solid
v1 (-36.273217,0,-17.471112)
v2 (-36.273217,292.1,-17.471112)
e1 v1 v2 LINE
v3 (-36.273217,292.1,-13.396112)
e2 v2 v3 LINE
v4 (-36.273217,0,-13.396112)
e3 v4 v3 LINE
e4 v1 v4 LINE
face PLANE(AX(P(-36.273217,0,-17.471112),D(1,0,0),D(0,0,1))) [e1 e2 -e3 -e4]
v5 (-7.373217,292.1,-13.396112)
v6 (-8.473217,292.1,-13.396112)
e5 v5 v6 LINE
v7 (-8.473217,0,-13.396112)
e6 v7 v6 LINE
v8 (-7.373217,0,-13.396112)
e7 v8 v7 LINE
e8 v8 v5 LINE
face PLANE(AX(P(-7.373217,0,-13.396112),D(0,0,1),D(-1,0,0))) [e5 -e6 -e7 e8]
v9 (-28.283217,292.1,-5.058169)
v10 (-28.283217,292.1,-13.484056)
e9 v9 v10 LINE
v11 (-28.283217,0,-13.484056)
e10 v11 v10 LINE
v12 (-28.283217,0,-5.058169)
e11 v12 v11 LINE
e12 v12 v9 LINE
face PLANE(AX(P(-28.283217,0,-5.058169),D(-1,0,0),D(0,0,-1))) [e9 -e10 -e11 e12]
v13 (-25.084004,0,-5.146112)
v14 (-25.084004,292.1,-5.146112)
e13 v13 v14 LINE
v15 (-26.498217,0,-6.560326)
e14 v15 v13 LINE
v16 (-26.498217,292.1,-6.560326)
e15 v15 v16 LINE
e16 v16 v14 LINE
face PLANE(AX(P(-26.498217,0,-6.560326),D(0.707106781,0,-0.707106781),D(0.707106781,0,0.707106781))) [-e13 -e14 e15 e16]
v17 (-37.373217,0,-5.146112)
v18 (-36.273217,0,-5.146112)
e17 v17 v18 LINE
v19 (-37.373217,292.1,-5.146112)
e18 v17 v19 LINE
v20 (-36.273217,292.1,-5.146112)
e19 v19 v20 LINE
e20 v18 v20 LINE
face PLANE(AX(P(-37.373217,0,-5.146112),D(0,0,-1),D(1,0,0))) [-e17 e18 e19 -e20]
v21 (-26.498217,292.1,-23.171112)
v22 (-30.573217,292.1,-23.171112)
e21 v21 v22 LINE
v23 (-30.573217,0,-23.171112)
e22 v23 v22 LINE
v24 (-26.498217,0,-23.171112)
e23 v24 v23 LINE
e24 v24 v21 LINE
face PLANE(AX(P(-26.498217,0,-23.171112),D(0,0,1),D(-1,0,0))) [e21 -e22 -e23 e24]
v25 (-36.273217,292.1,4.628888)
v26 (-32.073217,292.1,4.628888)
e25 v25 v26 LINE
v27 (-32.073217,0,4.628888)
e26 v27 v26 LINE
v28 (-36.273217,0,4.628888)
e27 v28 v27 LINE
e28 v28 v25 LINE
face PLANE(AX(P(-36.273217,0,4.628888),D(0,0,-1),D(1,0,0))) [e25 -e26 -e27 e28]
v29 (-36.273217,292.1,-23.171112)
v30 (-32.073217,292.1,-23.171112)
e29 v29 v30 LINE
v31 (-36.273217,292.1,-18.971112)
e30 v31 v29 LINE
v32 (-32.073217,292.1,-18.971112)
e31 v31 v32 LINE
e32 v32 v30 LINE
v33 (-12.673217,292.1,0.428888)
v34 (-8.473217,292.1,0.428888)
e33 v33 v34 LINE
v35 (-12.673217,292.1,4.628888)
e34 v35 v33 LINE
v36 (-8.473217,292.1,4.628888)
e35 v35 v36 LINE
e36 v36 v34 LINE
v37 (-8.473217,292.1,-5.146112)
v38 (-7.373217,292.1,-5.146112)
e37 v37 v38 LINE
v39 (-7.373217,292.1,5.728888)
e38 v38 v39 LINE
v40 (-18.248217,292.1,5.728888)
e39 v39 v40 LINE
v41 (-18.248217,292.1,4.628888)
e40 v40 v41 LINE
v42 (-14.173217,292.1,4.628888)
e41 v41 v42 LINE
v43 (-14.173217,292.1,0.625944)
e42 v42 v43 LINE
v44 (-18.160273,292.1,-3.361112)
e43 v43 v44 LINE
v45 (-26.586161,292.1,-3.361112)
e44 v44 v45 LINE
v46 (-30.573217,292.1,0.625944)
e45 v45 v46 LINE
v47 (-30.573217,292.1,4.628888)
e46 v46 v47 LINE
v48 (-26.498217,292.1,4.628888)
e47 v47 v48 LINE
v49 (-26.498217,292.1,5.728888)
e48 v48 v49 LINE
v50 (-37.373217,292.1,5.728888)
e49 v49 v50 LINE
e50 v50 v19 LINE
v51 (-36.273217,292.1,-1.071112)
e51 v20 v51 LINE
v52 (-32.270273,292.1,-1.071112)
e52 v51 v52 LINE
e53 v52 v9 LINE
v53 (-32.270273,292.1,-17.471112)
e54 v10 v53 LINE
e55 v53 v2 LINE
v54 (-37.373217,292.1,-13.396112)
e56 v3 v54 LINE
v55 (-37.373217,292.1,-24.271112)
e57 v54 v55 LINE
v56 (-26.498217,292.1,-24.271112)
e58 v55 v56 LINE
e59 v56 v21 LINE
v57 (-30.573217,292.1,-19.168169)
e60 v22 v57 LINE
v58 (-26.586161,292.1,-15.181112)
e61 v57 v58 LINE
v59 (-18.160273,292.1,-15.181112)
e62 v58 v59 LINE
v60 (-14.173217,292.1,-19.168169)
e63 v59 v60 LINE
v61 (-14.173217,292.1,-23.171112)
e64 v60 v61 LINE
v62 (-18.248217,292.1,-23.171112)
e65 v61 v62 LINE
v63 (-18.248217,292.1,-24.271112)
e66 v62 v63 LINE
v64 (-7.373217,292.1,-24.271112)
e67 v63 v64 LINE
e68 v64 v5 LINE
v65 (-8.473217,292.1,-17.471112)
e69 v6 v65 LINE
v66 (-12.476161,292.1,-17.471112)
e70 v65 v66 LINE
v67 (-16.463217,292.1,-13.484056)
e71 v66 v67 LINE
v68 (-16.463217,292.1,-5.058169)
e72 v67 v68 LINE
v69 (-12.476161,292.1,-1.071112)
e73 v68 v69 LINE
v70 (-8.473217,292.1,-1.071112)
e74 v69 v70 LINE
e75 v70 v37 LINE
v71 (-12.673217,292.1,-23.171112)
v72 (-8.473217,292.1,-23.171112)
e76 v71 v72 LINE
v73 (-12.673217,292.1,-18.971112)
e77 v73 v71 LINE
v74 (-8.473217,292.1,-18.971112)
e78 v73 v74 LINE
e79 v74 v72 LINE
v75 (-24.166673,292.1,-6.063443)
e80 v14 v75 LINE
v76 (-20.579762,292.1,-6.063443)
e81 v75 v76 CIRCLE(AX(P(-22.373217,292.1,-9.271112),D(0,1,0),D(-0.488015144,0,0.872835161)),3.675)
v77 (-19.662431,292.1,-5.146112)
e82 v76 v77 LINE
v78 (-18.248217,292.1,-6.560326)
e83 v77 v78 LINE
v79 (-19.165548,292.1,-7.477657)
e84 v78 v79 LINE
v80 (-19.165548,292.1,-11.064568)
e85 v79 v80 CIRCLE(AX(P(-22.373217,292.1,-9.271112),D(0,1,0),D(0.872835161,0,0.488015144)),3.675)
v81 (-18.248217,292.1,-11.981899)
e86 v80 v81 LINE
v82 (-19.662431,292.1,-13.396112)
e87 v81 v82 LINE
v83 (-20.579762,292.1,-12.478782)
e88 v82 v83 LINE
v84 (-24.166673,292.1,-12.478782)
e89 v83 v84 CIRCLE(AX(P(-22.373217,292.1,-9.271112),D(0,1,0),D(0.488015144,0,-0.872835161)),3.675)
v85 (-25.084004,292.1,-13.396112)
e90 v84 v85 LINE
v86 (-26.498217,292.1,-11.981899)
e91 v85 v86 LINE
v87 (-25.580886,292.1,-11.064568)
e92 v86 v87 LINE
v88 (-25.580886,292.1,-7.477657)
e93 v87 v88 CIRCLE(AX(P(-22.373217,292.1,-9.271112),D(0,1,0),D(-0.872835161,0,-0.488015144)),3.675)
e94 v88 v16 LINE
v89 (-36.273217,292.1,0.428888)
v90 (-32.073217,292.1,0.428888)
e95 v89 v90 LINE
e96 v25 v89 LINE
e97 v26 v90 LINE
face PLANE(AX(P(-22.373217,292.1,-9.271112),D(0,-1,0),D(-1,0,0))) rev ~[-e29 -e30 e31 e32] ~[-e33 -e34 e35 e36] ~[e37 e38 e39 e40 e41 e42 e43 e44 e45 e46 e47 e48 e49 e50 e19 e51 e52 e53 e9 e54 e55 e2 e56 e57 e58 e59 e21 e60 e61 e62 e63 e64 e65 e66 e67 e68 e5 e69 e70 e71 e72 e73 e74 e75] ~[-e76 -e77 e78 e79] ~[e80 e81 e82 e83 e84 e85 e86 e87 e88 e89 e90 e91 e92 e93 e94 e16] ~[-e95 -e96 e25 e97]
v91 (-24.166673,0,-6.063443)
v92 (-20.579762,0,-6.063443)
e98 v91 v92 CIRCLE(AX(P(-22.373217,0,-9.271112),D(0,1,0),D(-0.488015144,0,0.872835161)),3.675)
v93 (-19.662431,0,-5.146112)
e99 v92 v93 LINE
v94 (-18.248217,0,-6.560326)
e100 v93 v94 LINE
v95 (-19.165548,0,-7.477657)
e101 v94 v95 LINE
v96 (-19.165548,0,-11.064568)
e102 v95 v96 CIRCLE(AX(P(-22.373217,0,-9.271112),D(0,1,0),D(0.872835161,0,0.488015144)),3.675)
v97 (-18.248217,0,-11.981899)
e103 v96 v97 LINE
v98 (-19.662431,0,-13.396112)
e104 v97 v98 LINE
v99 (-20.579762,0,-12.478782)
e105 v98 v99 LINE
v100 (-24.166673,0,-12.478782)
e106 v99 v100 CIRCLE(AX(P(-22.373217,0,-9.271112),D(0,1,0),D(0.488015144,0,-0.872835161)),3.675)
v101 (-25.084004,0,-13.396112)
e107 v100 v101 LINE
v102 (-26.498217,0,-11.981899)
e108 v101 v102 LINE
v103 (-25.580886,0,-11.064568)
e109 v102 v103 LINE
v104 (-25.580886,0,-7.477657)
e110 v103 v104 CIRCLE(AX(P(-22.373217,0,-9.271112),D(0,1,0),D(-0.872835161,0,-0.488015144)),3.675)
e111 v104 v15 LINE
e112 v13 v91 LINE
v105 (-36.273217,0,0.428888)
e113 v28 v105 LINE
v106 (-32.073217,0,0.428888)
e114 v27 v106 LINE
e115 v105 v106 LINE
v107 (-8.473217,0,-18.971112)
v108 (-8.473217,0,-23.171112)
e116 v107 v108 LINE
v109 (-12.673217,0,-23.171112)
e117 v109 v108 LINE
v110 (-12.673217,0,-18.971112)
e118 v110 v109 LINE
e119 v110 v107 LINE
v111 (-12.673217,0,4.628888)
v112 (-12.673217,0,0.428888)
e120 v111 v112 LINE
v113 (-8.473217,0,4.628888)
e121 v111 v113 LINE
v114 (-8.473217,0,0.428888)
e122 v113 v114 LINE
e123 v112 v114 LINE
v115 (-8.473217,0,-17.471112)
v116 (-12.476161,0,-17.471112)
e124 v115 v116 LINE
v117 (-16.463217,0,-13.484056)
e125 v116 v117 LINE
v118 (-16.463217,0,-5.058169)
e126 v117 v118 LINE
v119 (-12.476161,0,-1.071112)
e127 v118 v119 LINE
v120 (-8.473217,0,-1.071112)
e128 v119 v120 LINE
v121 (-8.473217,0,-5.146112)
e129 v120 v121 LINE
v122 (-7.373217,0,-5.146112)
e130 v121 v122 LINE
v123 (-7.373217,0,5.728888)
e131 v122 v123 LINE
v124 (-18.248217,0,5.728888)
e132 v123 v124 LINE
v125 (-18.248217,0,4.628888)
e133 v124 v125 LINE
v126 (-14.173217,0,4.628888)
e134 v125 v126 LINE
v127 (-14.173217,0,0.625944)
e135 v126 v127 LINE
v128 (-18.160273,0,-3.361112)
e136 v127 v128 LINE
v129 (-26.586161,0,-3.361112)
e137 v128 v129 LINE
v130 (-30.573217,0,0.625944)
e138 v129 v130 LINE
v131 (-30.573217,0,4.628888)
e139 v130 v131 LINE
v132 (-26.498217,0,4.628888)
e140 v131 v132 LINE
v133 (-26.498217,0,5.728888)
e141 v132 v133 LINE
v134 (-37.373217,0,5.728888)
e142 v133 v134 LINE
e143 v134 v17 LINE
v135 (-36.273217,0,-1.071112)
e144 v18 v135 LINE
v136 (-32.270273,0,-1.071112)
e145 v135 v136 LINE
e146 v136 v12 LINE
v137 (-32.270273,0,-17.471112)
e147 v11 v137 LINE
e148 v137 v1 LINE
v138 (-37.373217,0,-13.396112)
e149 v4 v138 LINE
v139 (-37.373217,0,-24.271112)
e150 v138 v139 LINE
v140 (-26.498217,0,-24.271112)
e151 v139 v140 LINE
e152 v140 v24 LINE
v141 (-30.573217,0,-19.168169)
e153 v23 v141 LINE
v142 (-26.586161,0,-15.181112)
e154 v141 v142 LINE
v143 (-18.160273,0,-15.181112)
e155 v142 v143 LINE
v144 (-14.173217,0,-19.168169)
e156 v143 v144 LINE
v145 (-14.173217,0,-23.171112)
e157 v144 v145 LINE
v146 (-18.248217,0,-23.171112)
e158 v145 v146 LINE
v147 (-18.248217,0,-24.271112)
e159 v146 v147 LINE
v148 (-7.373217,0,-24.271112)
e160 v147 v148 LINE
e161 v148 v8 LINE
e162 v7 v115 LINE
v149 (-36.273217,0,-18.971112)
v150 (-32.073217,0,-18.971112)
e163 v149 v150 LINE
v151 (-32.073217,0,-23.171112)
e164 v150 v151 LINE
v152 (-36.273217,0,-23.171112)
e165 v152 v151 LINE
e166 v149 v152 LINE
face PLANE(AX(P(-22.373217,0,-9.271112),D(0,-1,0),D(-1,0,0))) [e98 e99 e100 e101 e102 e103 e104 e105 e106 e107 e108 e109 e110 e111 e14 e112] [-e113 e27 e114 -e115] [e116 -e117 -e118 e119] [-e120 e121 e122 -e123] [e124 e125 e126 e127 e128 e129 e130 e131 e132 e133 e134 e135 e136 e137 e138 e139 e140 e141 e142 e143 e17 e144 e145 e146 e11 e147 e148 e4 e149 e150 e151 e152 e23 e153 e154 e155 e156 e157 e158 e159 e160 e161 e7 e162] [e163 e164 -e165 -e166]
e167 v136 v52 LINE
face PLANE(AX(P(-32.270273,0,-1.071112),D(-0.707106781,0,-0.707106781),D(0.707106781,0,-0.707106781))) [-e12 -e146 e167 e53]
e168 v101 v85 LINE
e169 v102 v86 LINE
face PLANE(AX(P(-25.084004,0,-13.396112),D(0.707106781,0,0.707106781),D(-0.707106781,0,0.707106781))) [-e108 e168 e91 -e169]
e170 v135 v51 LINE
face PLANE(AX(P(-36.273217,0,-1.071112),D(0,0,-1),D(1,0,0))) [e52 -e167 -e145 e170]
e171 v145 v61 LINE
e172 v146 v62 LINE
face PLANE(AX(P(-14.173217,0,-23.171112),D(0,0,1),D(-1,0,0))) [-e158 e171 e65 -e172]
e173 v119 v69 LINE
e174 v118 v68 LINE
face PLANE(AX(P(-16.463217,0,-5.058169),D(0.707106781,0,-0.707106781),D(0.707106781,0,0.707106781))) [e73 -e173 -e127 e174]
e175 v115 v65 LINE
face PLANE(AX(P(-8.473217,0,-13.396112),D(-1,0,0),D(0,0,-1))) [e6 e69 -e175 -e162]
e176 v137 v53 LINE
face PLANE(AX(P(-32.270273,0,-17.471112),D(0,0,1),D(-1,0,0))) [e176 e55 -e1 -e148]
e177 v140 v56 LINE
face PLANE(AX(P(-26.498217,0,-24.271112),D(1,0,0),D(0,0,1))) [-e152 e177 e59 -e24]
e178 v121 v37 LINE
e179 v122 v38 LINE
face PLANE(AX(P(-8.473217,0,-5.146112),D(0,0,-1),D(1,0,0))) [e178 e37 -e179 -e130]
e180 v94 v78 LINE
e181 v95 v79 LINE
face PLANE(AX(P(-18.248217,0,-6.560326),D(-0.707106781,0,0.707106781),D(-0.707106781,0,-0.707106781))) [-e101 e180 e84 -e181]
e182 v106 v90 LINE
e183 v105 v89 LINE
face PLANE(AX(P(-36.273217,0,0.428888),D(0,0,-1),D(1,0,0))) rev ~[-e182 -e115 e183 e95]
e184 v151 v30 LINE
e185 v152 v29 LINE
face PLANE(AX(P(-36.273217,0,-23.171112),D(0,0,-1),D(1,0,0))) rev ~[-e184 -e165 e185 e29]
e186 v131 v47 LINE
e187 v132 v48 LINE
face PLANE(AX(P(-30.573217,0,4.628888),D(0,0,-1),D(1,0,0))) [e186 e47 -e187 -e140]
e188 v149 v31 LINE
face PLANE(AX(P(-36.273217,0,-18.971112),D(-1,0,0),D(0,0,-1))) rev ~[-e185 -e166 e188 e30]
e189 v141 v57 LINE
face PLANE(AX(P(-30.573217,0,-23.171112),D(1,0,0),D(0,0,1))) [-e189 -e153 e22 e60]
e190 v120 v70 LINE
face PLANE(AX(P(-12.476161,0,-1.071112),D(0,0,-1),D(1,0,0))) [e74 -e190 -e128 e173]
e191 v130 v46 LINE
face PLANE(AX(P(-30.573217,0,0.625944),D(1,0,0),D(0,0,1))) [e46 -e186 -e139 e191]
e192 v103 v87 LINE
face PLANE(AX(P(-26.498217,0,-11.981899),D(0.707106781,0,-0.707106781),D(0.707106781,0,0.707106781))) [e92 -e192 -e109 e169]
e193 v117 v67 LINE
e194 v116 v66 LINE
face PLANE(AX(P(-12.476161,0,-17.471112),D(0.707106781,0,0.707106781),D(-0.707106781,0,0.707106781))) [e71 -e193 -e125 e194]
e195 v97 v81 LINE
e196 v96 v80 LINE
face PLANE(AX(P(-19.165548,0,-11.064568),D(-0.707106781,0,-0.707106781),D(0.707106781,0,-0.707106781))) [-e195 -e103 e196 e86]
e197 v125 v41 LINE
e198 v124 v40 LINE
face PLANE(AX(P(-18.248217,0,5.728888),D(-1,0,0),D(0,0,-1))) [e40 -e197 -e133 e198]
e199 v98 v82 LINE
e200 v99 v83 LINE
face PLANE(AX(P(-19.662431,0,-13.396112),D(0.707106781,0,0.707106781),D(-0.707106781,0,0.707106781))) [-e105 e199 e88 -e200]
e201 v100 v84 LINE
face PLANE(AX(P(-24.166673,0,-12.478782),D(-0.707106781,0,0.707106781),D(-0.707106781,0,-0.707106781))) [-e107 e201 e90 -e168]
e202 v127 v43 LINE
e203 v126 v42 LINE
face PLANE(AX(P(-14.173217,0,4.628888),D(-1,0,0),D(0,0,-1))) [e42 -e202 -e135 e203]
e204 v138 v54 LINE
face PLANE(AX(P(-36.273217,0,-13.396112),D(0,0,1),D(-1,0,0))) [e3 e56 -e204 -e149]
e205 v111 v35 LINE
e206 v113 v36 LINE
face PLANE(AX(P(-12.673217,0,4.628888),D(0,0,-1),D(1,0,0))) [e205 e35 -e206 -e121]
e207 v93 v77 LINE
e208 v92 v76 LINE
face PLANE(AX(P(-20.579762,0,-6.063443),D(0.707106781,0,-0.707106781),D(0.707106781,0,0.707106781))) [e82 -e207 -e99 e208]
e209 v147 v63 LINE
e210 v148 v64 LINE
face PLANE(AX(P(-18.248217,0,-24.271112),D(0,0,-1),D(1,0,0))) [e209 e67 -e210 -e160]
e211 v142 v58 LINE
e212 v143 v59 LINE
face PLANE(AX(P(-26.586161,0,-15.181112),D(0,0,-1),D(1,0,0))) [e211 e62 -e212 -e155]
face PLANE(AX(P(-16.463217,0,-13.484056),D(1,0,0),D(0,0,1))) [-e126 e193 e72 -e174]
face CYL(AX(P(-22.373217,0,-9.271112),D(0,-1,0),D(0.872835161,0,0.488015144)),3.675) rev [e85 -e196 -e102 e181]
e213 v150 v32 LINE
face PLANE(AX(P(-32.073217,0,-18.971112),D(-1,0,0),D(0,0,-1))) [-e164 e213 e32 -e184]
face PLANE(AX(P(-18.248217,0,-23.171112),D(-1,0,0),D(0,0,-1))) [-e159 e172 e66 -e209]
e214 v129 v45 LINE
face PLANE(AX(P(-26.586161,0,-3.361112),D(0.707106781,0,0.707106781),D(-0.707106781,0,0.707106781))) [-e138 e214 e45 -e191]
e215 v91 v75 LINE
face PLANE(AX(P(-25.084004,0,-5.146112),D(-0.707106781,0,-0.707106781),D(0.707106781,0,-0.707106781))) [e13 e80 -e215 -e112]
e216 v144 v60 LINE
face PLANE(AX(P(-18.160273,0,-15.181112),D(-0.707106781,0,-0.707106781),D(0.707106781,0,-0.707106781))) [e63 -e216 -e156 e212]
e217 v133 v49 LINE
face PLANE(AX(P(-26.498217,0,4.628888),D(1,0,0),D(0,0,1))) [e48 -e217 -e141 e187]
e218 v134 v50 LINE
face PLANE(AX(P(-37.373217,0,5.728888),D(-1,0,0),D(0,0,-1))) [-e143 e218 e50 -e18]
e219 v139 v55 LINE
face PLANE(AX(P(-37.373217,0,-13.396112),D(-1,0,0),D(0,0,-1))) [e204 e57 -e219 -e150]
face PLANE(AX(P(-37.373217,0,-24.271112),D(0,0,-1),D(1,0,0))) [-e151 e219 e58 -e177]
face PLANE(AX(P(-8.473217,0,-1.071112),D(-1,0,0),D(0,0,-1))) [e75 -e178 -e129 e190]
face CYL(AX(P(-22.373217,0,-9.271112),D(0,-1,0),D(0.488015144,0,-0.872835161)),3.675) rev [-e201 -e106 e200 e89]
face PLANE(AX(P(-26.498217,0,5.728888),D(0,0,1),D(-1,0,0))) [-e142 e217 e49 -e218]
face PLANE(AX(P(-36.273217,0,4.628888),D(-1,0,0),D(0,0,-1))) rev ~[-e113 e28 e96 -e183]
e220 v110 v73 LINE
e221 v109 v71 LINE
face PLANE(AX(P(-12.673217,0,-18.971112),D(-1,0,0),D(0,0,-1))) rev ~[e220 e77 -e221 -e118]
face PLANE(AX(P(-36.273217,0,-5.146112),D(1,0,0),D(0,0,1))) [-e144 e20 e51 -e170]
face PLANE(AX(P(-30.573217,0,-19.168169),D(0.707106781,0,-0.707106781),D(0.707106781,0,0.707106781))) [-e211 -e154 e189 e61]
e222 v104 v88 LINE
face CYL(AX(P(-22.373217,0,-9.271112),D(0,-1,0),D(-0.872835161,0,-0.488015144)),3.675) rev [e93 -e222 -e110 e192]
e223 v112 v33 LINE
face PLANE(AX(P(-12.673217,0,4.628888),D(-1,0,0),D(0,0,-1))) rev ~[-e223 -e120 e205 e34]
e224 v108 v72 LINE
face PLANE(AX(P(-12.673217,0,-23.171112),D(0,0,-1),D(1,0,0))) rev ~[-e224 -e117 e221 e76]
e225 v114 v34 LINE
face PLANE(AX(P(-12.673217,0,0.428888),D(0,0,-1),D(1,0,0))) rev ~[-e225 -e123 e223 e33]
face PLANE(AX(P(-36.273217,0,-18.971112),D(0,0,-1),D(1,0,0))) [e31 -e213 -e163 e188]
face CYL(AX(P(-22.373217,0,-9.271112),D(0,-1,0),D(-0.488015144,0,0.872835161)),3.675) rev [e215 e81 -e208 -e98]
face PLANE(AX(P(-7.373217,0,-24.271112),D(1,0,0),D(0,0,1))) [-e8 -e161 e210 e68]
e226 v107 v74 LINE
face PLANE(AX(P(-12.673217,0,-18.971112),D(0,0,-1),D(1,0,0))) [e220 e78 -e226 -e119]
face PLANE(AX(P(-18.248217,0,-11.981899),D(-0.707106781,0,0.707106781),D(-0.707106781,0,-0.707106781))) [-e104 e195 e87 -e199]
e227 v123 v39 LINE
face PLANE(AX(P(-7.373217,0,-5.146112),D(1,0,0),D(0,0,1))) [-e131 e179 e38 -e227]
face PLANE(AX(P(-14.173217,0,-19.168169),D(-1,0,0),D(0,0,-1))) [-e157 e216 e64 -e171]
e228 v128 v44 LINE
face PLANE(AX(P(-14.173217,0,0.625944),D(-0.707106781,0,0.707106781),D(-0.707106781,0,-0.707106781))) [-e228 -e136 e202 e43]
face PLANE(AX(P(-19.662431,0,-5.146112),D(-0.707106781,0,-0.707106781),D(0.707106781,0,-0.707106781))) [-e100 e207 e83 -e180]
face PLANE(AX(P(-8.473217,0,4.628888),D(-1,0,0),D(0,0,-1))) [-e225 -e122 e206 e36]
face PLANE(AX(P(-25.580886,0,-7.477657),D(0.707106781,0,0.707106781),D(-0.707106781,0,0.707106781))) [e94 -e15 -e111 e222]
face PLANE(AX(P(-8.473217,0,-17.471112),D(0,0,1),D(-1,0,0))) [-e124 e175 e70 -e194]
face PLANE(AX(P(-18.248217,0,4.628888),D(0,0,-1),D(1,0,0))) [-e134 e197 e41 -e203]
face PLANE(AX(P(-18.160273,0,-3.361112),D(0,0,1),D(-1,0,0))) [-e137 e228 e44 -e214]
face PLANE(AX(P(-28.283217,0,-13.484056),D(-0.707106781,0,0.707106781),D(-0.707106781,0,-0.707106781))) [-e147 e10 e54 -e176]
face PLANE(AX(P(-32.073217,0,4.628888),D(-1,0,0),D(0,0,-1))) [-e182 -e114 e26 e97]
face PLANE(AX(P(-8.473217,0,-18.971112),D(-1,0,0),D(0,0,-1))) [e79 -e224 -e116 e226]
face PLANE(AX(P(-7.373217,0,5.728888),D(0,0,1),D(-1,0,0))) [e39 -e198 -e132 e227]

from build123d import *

# Parameters (mm, degrees)
CROQUIS2_W              = 4.2
CROQUIS2_H              = 4.2
SALIENTE_EXTRUIR1_DEPTH = 292.1


with BuildPart() as part:
    # Croquis2 → Saliente-Extruir1 (new body)
    with BuildSketch(Plane(origin=(0, 0, 0), x_dir=(1, 0, 0), z_dir=(0, 1, 0))):
        Polygon((-37.373217156, 24.271112291), (-26.498217156, 24.271112291), (-26.498217156, 23.171112291), (-30.573217156, 23.171112291), (-30.573217156, 19.168168566), (-26.586160881, 15.181112291), (-18.160273431, 15.181112291), (-14.173217156, 19.168168566), (-14.173217156, 23.171112291), (-18.248217156, 23.171112291), (-18.248217156, 24.271112291), (-7.373217156, 24.271112291), (-7.373217156, 13.396112291), (-8.473217156, 13.396112291), (-8.473217156, 17.471112291), (-12.476160881, 17.471112291), (-16.463217156, 13.484056016), (-16.463217156, 5.058168566), (-12.476160881, 1.071112291), (-8.473217156, 1.071112291), (-8.473217156, 5.146112291), (-7.373217156, 5.146112291), (-7.373217156, -5.728887709), (-18.248217156, -5.728887709), (-18.248217156, -4.628887709), (-14.173217156, -4.628887709), (-14.173217156, -0.625943984), (-18.160273431, 3.361112291), (-26.586160881, 3.361112291), (-30.573217156, -0.625943984), (-30.573217156, -4.628887709), (-26.498217156, -4.628887709), (-26.498217156, -5.728887709), (-37.373217156, -5.728887709), (-37.373217156, 5.146112291), (-36.273217156, 5.146112291), (-36.273217156, 1.071112291), (-32.270273431, 1.071112291), (-28.283217156, 5.058168566), (-28.283217156, 13.484056016), (-32.270273431, 17.471112291), (-36.273217156, 17.471112291), (-36.273217156, 13.396112291), (-37.373217156, 13.396112291), align=None)
        with Locations((-10.573217156, 21.071112291)):
            Rectangle(CROQUIS2_W, CROQUIS2_H, mode=Mode.SUBTRACT)
        with Locations((-34.173217156, -2.528887709)):
            Rectangle(CROQUIS2_W, CROQUIS2_H, mode=Mode.SUBTRACT)
        with Locations((-34.173217156, 21.071112291)):
            Rectangle(CROQUIS2_W, CROQUIS2_H, mode=Mode.SUBTRACT)
        with Locations((-10.573217156, -2.528887709)):
            Rectangle(CROQUIS2_W, CROQUIS2_H, mode=Mode.SUBTRACT)
        with BuildLine():
            Line((-19.165547938, 11.064567946), (-18.248217156, 11.981898728))
            Line((-18.248217156, 11.981898728), (-19.662430718, 13.396112291))
            Line((-19.662430718, 13.396112291), (-20.5797615, 12.478781509))
            ThreePointArc((-20.5797615, 12.478781509), (-22.373217156, 12.946112291), (-24.166672811, 12.478781509))
            Line((-24.166672811, 12.478781509), (-25.084003593, 13.396112291))
            Line((-25.084003593, 13.396112291), (-26.498217156, 11.981898728))
            Line((-26.498217156, 11.981898728), (-25.580886374, 11.064567946))
            ThreePointArc((-25.580886374, 11.064567946), (-26.048217156, 9.271112291), (-25.580886374, 7.477656635))
            Line((-25.580886374, 7.477656635), (-26.498217156, 6.560325853))
            Line((-26.498217156, 6.560325853), (-25.084003593, 5.146112291))
            Line((-25.084003593, 5.146112291), (-24.166672811, 6.063443073))
            ThreePointArc((-24.166672811, 6.063443073), (-22.373217156, 5.596112291), (-20.5797615, 6.063443073))
            Line((-20.5797615, 6.063443073), (-19.662430718, 5.146112291))
            Line((-19.662430718, 5.146112291), (-18.248217156, 6.560325853))
            Line((-18.248217156, 6.560325853), (-19.165547938, 7.477656635))
            ThreePointArc((-19.165547938, 7.477656635), (-18.698217156, 9.271112291), (-19.165547938, 11.064567946))
        make_face(mode=Mode.SUBTRACT)
    extrude(amount=SALIENTE_EXTRUIR1_DEPTH)


solid = part.part
